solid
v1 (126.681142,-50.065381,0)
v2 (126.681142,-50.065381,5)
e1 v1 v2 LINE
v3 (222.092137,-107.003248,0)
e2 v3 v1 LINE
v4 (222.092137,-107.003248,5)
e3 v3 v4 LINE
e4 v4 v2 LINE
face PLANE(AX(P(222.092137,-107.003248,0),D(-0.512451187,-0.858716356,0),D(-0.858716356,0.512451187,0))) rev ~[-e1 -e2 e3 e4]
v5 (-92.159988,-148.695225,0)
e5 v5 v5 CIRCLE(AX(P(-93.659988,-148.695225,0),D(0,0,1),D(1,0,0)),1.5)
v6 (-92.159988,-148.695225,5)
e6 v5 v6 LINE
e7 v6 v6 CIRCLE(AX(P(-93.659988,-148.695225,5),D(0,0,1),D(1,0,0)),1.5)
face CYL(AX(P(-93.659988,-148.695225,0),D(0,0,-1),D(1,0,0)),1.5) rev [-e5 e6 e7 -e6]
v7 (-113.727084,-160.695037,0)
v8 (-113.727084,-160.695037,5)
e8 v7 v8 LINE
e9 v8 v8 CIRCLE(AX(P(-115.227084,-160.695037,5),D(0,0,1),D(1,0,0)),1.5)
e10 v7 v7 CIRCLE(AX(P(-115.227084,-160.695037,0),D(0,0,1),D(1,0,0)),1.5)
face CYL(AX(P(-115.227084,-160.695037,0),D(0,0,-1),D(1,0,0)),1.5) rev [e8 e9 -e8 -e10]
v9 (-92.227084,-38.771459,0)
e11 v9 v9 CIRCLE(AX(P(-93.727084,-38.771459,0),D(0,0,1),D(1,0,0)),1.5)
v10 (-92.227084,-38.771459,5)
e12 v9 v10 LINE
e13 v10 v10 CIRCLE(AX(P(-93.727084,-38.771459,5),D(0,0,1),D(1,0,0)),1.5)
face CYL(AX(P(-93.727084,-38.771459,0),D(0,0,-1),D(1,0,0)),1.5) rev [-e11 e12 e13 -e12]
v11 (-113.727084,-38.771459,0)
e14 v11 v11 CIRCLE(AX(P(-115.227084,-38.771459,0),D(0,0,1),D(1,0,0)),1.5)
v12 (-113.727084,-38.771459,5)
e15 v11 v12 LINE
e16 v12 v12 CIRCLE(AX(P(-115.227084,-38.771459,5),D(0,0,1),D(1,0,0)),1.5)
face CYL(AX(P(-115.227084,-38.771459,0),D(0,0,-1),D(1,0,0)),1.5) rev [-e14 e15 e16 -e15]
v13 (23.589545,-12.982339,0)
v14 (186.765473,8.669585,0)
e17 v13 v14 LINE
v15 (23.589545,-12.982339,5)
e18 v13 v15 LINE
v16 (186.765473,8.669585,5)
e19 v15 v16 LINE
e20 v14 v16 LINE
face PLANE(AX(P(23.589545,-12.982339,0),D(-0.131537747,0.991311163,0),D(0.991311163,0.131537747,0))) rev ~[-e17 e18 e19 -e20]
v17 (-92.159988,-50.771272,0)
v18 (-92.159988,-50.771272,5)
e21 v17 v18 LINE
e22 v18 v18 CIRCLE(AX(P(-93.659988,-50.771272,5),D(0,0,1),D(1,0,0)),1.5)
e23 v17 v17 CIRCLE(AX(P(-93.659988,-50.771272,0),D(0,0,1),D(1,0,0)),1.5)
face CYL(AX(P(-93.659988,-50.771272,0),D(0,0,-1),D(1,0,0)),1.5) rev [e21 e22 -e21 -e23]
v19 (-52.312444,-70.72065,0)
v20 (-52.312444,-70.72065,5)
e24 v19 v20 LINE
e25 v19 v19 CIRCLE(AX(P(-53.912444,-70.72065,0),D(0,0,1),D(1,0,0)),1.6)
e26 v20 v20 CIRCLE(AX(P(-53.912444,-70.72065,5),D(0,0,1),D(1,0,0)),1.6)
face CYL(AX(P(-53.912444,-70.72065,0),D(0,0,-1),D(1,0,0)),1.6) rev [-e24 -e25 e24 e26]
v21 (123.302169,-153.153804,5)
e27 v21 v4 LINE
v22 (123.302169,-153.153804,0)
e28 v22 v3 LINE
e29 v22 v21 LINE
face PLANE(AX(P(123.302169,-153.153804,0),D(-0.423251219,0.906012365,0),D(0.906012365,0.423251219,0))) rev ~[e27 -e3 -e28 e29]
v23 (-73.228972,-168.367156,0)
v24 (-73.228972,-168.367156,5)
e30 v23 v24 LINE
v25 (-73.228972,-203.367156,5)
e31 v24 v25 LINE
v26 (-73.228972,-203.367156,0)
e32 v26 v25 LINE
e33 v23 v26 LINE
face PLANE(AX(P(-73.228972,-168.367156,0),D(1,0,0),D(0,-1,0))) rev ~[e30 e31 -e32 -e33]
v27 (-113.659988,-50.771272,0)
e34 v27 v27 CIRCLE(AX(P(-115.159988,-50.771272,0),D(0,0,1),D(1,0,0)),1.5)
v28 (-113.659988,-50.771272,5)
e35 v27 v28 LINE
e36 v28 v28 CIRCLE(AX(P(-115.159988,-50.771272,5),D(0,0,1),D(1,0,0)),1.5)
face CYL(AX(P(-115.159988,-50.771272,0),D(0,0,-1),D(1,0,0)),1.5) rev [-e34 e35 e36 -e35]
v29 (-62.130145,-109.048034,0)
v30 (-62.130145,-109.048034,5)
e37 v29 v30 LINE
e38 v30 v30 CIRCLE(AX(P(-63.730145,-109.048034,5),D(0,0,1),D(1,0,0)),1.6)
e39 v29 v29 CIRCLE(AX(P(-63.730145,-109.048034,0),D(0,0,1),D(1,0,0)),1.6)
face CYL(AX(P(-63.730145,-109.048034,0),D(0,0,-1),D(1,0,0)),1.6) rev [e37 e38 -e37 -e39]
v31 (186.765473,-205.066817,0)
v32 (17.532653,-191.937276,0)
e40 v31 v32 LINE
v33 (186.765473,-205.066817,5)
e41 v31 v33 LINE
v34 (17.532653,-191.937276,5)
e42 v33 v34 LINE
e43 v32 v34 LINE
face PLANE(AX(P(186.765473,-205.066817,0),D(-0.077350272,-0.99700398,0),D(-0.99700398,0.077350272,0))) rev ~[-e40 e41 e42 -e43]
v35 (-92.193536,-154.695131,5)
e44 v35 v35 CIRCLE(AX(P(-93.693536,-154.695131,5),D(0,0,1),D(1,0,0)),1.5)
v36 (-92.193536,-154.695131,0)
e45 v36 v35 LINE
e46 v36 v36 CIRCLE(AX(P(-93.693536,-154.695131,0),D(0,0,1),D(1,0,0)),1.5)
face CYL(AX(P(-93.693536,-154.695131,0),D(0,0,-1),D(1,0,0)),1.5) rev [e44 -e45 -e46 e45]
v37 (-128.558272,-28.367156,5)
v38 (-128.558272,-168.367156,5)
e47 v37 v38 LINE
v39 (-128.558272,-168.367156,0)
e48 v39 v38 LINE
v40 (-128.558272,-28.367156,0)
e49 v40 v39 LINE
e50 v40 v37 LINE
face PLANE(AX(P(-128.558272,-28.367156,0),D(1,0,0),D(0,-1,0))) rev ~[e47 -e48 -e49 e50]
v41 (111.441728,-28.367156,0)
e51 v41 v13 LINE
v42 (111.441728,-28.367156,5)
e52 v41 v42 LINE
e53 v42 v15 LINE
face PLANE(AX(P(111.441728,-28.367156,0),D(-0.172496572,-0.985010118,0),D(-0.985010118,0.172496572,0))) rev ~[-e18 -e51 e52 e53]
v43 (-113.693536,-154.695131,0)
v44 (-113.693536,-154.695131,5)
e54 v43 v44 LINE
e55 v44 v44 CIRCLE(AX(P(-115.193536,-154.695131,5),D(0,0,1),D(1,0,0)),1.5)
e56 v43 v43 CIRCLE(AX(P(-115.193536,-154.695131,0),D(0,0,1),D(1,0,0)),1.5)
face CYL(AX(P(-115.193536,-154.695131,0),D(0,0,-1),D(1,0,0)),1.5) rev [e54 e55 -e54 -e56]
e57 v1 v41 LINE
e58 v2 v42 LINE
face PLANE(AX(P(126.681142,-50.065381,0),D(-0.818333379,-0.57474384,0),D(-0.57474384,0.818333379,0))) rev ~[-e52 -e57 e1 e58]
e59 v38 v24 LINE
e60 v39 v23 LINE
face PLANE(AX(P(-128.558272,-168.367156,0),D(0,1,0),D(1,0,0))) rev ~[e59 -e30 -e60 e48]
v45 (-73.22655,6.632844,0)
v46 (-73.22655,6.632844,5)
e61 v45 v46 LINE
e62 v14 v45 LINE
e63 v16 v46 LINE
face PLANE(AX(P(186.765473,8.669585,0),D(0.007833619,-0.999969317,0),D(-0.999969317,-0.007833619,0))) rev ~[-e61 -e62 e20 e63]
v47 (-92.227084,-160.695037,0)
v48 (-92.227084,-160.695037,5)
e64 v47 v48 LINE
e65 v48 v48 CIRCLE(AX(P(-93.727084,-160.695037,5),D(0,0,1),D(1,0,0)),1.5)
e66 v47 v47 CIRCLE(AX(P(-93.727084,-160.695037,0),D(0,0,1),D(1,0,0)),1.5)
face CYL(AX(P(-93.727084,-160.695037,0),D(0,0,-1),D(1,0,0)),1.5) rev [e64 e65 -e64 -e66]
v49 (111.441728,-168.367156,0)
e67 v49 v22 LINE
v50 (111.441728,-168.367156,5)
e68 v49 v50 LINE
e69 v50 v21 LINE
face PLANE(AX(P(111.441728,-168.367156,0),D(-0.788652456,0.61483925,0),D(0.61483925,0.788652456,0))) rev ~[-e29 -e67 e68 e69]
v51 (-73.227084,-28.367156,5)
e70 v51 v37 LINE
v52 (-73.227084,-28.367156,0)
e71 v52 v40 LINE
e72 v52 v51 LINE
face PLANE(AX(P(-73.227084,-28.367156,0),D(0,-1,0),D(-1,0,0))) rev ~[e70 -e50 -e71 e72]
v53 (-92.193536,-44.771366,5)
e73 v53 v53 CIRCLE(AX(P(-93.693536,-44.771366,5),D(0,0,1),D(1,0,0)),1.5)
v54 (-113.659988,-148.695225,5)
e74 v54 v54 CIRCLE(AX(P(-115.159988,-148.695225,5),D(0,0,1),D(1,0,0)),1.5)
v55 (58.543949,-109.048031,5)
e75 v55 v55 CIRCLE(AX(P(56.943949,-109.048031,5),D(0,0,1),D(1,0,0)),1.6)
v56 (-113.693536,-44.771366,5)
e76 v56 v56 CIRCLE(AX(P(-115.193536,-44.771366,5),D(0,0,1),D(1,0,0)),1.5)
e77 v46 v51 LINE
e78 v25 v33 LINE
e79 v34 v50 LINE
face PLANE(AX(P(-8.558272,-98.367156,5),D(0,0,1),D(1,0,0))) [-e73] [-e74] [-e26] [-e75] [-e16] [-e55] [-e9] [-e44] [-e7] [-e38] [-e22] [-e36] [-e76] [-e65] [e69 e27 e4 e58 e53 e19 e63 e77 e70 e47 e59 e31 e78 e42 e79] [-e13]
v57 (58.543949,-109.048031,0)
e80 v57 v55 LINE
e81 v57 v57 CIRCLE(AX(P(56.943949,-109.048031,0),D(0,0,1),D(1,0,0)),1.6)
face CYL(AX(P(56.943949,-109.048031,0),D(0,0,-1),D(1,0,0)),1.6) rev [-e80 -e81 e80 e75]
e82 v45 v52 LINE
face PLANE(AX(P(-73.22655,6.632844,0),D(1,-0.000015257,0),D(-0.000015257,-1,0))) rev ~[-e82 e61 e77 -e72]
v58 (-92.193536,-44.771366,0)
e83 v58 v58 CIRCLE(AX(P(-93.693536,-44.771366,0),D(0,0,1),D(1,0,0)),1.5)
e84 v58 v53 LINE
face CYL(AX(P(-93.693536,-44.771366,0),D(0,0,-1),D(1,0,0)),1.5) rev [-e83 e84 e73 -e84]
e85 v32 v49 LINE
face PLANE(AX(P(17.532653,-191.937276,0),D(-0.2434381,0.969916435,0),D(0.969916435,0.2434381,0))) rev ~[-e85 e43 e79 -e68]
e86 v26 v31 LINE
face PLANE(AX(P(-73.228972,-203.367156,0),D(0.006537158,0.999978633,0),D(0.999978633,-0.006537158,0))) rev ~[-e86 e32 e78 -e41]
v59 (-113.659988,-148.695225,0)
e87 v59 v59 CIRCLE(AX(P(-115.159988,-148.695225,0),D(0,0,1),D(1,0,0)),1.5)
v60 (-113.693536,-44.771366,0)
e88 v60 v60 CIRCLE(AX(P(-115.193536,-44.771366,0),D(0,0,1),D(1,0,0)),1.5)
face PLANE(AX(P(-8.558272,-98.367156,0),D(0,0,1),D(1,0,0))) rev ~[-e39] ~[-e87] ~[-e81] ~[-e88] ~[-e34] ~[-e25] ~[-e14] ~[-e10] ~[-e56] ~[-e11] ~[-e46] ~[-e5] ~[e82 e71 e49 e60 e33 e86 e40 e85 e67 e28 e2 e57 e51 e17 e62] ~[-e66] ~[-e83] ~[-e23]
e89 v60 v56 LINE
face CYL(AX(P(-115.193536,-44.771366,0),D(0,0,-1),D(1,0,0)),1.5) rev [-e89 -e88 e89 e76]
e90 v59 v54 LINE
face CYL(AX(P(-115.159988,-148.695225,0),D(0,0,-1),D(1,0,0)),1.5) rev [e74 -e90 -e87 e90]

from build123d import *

# Parameters (mm, degrees)
F0_R     = 1.5
F0_R_2   = 1.6
F1_DEPTH = 5


with BuildPart() as f1:
    # F0 (on Top) → F1 (new body)
    with BuildSketch(Plane.XY):
        Polygon((-73.227084, -28.367156), (-128.558272, -28.367156), (-128.558272, -99.733248), (-128.558272, -168.367156), (-73.228972, -168.367156), (111.441728, -168.367156), (111.441728, -28.367156), align=None)
        with Locations((-115.227084, -160.695037)):
            Circle(F0_R, mode=Mode.SUBTRACT)
        with Locations((-115.193536, -154.695131)):
            Circle(F0_R, mode=Mode.SUBTRACT)
        with Locations((-93.727084, -160.695037)):
            Circle(F0_R, mode=Mode.SUBTRACT)
        with Locations((-93.693536, -154.695131)):
            Circle(F0_R, mode=Mode.SUBTRACT)
        with Locations((-115.159988, -148.695225)):
            Circle(F0_R, mode=Mode.SUBTRACT)
        with Locations((-93.659988, -148.695225)):
            Circle(F0_R, mode=Mode.SUBTRACT)
        with Locations((-63.730145, -109.048034)):
            Circle(F0_R_2, mode=Mode.SUBTRACT)
        with Locations((-115.159988, -50.771272)):
            Circle(F0_R, mode=Mode.SUBTRACT)
        with Locations((-115.193536, -44.771366)):
            Circle(F0_R, mode=Mode.SUBTRACT)
        with Locations((-93.659988, -50.771272)):
            Circle(F0_R, mode=Mode.SUBTRACT)
        with Locations((-93.693536, -44.771366)):
            Circle(F0_R, mode=Mode.SUBTRACT)
        with Locations((-53.912444, -70.72065)):
            Circle(F0_R_2, mode=Mode.SUBTRACT)
        with Locations((-115.227084, -38.771459)):
            Circle(F0_R, mode=Mode.SUBTRACT)
        with Locations((-93.727084, -38.771459)):
            Circle(F0_R, mode=Mode.SUBTRACT)
        with Locations((56.943949, -109.048031)):
            Circle(F0_R_2, mode=Mode.SUBTRACT)
        Polygon((17.532653, -191.937276), (111.441728, -168.367156), (-73.228972, -168.367156), (-73.228972, -203.367156), (186.765473, -205.066817), align=None)
        Polygon((222.092137, -107.003248), (126.681142, -50.065381), (163.168674, -102.01716), (123.302169, -153.153804), align=None)
        Polygon((126.681142, -50.065381), (111.441728, -28.367156), (111.441728, -168.367156), (123.302169, -153.153804), (163.168674, -102.01716), align=None)
        Polygon((-73.22655, 6.632844), (-73.227084, -28.367156), (111.441728, -28.367156), (23.589545, -12.982339), (186.765473, 8.669585), align=None)
    extrude(amount=F1_DEPTH)


solid = f1.part
